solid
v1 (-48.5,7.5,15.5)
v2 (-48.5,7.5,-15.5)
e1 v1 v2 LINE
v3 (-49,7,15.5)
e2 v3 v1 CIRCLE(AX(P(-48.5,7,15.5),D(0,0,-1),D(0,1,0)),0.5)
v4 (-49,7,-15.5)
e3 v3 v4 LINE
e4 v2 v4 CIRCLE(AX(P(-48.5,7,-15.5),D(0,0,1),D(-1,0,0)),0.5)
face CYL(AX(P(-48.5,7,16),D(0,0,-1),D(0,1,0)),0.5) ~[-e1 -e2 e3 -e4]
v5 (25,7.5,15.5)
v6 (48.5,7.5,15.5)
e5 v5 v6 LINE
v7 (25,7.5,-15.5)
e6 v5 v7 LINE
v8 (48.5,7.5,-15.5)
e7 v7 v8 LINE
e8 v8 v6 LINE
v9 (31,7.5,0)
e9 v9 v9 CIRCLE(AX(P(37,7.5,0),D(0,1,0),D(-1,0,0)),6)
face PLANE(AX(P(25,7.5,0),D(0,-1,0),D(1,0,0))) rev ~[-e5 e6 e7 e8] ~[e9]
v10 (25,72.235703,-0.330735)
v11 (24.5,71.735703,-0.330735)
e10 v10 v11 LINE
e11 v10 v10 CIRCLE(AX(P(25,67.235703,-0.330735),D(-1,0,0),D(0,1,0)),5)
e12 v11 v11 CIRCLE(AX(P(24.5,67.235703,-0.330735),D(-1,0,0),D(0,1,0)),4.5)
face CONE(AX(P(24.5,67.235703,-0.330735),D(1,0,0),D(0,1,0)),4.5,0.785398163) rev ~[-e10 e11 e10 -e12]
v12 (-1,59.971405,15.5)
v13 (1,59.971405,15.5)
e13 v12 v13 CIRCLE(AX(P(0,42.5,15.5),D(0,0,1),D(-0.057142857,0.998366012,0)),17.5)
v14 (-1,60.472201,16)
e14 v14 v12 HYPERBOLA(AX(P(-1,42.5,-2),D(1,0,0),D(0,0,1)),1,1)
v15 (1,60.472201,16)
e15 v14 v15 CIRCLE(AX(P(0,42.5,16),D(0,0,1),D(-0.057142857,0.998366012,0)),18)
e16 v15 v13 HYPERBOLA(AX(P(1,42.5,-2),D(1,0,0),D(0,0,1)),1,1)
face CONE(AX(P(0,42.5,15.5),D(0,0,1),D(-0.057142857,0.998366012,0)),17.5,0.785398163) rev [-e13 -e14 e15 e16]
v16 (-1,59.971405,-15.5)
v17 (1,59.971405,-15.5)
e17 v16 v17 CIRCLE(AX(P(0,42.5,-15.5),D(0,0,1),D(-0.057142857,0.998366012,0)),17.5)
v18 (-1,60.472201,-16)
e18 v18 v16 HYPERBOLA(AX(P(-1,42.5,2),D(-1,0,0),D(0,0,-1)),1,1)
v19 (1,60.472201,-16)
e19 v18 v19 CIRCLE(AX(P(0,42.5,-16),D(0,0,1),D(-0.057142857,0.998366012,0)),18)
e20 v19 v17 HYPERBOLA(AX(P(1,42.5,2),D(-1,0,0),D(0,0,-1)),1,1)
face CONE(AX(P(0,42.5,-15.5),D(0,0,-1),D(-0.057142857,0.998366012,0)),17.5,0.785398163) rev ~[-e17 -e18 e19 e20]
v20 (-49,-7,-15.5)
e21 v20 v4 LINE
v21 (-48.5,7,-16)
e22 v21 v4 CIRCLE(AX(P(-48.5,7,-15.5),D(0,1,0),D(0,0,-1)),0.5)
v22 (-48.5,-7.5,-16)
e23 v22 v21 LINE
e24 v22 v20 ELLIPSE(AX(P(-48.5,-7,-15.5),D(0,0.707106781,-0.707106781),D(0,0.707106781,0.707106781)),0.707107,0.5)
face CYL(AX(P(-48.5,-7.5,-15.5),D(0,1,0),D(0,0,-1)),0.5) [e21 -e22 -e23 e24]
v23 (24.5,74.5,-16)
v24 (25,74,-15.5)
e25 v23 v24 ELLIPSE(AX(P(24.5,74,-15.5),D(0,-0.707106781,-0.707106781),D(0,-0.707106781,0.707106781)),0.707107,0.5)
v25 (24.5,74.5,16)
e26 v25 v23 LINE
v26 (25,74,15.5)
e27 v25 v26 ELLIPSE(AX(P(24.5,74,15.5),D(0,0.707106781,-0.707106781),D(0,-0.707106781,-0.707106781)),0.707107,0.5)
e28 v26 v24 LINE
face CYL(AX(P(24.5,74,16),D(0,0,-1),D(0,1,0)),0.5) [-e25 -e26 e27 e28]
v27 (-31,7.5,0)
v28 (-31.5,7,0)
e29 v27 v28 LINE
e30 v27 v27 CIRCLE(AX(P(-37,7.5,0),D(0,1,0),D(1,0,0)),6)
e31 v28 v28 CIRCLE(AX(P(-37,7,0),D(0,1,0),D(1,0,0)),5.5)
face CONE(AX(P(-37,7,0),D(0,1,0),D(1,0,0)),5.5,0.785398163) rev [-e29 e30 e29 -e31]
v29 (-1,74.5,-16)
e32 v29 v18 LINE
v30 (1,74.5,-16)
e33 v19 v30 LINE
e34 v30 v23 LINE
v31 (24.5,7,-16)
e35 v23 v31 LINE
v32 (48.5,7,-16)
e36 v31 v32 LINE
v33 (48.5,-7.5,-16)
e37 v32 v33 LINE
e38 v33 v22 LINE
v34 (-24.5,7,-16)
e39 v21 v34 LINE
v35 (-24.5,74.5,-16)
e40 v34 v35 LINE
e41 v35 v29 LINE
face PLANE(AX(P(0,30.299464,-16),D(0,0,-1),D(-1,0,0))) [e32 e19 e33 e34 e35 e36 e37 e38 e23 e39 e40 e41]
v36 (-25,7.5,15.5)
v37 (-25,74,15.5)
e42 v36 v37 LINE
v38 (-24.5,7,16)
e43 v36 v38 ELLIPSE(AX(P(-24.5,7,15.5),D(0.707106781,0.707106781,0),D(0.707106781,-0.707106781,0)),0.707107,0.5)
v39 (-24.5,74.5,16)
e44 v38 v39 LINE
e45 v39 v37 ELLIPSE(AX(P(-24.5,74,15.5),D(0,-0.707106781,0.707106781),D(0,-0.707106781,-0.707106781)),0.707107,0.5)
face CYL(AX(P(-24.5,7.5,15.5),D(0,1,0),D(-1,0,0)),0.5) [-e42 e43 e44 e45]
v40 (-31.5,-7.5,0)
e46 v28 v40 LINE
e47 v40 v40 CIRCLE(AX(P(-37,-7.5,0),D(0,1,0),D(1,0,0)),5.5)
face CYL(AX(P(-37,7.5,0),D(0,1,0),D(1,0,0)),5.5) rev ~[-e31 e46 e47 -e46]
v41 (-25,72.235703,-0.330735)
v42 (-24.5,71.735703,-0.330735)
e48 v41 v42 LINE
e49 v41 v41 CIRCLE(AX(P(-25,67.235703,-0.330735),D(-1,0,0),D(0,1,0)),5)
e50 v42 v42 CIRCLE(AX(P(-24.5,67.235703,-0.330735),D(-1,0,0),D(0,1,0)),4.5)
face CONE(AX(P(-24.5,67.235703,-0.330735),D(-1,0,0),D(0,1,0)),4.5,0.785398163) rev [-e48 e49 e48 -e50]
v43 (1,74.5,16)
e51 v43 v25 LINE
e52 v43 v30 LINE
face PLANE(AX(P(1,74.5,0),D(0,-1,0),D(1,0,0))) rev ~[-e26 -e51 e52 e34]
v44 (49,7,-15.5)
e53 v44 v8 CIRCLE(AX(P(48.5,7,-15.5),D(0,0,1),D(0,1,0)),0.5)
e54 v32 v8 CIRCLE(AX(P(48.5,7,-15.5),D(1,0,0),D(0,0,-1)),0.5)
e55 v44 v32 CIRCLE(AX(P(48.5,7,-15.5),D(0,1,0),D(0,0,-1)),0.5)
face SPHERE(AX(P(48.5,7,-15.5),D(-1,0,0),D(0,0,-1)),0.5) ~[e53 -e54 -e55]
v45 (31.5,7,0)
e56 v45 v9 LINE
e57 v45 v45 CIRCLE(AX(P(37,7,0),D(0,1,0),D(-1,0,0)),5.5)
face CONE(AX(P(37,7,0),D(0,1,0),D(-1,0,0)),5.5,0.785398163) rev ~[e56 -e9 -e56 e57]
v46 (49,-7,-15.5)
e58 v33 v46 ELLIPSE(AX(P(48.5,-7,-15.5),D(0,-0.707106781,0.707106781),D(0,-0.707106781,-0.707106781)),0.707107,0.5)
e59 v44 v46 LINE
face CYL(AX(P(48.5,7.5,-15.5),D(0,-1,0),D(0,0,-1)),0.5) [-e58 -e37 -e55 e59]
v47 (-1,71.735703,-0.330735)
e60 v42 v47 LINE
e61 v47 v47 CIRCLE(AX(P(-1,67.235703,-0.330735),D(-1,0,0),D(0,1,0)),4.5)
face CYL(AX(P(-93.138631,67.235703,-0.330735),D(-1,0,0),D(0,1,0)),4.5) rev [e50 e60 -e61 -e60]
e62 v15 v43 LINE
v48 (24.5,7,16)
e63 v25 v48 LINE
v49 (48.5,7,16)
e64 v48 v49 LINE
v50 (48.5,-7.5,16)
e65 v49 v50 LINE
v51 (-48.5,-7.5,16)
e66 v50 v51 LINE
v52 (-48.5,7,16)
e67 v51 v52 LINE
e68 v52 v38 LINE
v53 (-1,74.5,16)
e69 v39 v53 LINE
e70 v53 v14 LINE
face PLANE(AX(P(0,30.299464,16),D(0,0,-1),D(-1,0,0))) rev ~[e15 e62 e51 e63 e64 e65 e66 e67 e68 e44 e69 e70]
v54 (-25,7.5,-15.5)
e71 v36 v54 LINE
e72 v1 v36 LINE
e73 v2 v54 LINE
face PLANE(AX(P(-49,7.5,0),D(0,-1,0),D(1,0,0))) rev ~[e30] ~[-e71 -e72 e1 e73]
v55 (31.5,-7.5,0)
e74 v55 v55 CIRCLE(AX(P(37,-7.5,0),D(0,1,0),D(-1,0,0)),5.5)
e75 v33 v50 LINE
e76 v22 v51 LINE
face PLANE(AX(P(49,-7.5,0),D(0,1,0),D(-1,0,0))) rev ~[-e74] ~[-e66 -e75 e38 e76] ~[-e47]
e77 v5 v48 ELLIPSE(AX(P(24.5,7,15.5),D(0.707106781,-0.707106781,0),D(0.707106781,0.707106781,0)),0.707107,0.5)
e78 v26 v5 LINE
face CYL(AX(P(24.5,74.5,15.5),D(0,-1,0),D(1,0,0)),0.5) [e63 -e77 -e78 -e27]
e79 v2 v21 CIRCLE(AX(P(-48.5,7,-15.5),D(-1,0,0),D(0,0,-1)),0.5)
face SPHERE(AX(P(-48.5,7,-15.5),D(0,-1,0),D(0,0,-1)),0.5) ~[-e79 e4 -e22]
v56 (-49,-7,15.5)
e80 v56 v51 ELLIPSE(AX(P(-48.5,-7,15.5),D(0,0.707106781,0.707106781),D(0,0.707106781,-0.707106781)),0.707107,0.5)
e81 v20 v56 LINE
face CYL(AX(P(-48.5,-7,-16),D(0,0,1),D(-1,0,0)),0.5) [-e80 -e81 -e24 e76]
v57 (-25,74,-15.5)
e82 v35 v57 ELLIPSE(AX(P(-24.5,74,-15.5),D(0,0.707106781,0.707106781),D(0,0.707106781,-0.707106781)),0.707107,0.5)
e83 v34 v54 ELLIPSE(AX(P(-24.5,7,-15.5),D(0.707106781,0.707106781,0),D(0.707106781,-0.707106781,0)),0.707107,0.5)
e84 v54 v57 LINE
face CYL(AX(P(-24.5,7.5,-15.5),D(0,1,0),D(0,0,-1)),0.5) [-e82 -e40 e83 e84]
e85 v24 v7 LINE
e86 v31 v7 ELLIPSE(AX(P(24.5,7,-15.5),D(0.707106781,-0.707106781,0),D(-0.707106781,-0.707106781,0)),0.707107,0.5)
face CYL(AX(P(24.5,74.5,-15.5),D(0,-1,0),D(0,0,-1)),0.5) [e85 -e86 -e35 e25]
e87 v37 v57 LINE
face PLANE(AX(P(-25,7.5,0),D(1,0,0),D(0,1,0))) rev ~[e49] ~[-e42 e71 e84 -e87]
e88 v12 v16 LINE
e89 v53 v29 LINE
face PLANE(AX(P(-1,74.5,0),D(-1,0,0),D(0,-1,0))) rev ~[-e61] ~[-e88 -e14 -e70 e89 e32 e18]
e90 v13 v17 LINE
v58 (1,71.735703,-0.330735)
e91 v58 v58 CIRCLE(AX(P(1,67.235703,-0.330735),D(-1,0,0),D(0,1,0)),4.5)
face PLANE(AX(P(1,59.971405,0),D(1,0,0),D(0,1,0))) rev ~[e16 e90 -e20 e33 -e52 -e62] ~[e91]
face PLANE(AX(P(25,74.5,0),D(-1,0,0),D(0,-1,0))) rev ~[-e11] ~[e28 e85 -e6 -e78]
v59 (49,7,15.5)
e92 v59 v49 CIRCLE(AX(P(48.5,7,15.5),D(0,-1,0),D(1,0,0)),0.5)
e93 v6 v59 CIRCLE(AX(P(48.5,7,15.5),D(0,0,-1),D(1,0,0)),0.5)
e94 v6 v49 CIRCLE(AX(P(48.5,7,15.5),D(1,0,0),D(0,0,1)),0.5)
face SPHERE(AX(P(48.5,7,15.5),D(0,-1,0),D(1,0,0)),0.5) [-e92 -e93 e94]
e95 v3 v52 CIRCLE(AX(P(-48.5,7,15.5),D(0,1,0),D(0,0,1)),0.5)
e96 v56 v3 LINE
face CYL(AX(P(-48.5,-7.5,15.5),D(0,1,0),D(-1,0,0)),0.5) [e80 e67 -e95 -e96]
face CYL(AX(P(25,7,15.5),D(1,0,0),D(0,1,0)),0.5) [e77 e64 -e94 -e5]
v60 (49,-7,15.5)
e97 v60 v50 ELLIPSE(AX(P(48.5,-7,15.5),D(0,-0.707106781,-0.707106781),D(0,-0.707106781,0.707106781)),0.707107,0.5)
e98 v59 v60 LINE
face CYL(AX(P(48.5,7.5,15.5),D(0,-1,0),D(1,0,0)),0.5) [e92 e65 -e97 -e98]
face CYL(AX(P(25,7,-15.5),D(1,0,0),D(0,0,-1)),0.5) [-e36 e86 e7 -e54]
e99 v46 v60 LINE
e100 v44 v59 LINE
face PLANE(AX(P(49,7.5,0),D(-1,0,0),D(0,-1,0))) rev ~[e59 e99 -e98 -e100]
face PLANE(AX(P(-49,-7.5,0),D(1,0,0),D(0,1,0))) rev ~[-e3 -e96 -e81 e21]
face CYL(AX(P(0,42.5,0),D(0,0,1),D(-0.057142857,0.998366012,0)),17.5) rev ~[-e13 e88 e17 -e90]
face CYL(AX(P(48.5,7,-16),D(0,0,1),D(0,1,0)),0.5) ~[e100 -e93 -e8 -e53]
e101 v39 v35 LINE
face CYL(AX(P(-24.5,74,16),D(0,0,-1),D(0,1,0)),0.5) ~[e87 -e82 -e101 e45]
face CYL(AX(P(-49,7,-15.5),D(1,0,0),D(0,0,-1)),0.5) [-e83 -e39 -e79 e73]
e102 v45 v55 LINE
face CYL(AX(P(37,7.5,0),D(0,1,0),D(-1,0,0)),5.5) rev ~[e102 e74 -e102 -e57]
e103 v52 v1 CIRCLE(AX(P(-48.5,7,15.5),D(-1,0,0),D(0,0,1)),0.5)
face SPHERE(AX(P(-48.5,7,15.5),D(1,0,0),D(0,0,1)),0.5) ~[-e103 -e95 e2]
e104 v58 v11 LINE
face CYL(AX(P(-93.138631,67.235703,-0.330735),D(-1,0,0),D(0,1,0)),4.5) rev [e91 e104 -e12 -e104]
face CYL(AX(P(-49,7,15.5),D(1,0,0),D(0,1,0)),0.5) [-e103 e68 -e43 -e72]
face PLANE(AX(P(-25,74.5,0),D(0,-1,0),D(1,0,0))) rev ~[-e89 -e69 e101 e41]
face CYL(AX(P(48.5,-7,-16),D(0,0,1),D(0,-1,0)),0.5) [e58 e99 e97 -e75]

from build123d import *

# Parameters (mm, degrees)
BOSS_EXTRUDE1_DEPTH     = 16
SKETCH2_R               = 5.5
CUT_EXTRUDE1_DEPTH      = 85.534016822
CUT_EXTRUDE2_DEPTH      = 92.138630668
CUT_EXTRUDE2_DEPTH_BACK = 92.138630668
SKETCH5_R               = 4.5
CHAMFER2_SIZE           = 0.5
FILLET2_R               = 0.5


with BuildPart() as part:
    # Sketch1 → Boss-Extrude1 (new, symmetric)
    with BuildSketch(Plane.XY):
        with BuildLine():
            Line((-49, -7.5), (-49, 7.5))
            Line((-49, 7.5), (-25, 7.5))
            Line((-25, 7.5), (-25, 74.5))
            Line((-25, 74.5), (-1, 74.5))
            Line((-1, 74.5), (-1, 59.97140521))
            ThreePointArc((-1, 59.97140521), (0, 25), (1, 59.97140521))
            Line((1, 59.97140521), (1, 74.5))
            Line((1, 74.5), (25, 74.5))
            Line((25, 74.5), (25, 7.5))
            Line((25, 7.5), (49, 7.5))
            Line((49, 7.5), (49, -7.5))
            Line((49, -7.5), (-49, -7.5))
        make_face()
    extrude(amount=BOSS_EXTRUDE1_DEPTH, both=True)

    # Sketch2 → Cut-Extrude1 (cut, through all)
    with BuildSketch(Plane(origin=(0, 7.5, 0), x_dir=(1, 0, 0), z_dir=(0, 1, 0))):
        with Locations(Location((37, 0, 0), (0, 0, 180))):
            Circle(SKETCH2_R)
        with Locations((-37, 0)):
            Circle(SKETCH2_R)
    extrude(amount=-CUT_EXTRUDE1_DEPTH, mode=Mode.SUBTRACT)

    # Sketch5 → Cut-Extrude2 (cut, two sides: drawn at the far end of the back side and taken through both)
    with BuildSketch(Plane(origin=(-1, 0, 0), x_dir=(0, 0, -1), z_dir=(1, 0, 0)).offset(-CUT_EXTRUDE2_DEPTH_BACK)):
        with Locations(Location((0.330734984, 67.235702605, 0), (0, 0, 90))):
            Circle(SKETCH5_R)
    extrude(amount=CUT_EXTRUDE2_DEPTH + CUT_EXTRUDE2_DEPTH_BACK, mode=Mode.SUBTRACT)

    # Chamfer2
    chamfer2_edges = [part.edges().sort_by_distance(p)[0] for p in [
        (0, 25, -16),
        (0, 25, 16),
        (42.5, 7.5, 0),
        (-42.5, 7.5, 0),
        (-25, 62.735702605, -0.330734984),
        (25, 62.735702605, -0.330734984),
    ]]
    chamfer(chamfer2_edges, length=CHAMFER2_SIZE)

    # Fillet2
    fillet2_edges = [part.edges().sort_by_distance(p)[0] for p in [
        (-37, 7.5, 16),
        (25, 41, -16),
        (37, 7.5, -16),
        (-49, 0, 16),
        (49, 0, -16),
        (-49, 0, -16),
        (-37, 7.5, -16),
        (-25, 41, -16),
        (49, 0, 16),
        (25, 74.5, 0),
        (49, 7.5, 0),
        (49, -7.5, 0),
        (-49, -7.5, 0),
        (-49, 7.5, 0),
        (-25, 74.5, 0),
        (37, 7.5, 16),
        (25, 41, 16),
        (-25, 41, 16),
    ]]
    fillet(fillet2_edges, radius=FILLET2_R)


solid = part.part
